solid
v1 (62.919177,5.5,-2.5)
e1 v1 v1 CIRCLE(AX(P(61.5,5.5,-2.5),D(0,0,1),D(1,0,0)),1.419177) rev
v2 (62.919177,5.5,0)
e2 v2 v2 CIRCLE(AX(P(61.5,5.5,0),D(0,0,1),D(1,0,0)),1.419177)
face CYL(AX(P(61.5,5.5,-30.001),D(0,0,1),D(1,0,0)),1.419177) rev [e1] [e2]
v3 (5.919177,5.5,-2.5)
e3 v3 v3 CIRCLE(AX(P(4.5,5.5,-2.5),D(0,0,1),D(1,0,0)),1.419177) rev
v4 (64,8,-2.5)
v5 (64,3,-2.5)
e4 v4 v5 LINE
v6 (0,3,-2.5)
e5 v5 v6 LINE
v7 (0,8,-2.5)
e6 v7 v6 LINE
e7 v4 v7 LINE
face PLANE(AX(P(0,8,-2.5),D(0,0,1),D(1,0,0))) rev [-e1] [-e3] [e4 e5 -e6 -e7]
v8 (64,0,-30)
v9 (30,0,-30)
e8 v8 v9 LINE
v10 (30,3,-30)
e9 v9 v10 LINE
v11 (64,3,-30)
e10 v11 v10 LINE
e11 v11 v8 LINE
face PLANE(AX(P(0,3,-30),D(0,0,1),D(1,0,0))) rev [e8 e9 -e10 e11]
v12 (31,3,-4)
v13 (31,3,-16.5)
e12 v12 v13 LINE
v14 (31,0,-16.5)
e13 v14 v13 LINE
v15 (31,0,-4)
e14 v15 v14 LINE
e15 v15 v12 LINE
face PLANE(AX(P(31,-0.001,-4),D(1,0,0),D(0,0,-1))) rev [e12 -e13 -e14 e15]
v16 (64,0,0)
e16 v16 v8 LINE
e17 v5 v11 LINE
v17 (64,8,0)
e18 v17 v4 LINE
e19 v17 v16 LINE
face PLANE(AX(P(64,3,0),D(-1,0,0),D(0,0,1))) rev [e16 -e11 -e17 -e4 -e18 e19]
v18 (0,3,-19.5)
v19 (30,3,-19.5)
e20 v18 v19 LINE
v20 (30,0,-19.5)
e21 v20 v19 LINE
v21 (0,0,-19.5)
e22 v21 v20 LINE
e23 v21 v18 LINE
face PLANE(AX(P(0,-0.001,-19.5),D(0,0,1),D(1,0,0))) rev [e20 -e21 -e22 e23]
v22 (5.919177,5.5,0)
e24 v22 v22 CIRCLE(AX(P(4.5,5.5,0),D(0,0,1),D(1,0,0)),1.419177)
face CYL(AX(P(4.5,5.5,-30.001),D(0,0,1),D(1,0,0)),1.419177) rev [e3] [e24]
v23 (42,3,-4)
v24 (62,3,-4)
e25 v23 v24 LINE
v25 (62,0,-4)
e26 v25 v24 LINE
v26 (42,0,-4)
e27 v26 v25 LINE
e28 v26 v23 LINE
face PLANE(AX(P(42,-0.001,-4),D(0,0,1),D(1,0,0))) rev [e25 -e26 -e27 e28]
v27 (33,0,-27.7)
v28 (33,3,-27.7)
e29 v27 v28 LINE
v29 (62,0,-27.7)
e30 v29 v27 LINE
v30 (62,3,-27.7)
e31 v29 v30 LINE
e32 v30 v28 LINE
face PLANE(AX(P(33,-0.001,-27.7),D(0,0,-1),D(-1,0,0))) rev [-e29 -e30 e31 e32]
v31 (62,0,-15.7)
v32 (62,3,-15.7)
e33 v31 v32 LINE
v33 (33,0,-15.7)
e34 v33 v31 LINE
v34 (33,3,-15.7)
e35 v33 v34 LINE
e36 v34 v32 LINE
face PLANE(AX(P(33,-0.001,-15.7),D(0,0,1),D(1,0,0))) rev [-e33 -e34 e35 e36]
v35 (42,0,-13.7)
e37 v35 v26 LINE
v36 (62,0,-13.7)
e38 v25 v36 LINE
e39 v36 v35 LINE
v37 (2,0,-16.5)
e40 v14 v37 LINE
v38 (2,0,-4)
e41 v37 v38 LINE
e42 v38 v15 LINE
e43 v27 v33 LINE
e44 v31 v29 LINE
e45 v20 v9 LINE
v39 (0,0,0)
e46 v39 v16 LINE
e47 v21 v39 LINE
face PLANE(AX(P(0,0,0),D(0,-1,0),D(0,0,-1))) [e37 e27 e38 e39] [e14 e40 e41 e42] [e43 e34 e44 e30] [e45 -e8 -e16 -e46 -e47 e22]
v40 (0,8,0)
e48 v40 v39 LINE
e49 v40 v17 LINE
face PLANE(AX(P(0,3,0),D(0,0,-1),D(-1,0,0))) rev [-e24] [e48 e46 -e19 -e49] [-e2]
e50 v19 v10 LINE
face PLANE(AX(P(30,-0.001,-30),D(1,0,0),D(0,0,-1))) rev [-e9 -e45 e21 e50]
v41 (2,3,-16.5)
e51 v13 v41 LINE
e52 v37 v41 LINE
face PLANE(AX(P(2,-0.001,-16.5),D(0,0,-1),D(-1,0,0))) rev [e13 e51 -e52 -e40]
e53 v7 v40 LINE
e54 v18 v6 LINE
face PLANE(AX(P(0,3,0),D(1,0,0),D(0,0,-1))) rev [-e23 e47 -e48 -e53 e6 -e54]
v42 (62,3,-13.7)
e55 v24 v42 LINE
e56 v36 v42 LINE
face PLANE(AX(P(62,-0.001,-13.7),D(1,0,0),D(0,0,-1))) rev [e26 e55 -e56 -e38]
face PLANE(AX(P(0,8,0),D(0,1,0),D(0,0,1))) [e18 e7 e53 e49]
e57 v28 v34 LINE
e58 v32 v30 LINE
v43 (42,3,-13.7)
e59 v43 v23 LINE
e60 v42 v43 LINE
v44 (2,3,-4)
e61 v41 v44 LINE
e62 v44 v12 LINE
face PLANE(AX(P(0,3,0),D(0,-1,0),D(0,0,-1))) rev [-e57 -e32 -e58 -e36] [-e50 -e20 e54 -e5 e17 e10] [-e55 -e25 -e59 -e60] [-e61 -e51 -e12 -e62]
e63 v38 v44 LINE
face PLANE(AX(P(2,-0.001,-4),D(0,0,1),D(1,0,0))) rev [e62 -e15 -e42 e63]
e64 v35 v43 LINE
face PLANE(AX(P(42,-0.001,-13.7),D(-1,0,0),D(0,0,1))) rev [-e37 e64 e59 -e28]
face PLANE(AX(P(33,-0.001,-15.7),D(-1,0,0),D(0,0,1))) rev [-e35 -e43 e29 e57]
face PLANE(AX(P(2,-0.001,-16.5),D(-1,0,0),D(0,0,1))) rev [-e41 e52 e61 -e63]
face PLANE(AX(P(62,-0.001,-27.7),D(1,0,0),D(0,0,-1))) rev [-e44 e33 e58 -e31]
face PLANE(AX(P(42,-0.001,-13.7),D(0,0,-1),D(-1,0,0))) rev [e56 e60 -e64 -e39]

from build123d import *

# Parameters (mm, degrees)
SKETCH1_W           = 64
SKETCH1_H           = 30
BOSS_EXTRUDE1_DEPTH = 3
CUT_EXTRUDE1_REACH  = 72.746
SKETCH2_W           = 29
SKETCH2_H           = 12.5
SKETCH2_H_2         = 12
SKETCH2_W_2         = 20
SKETCH2_H_3         = 9.7
SKETCH2_W_3         = 30
SKETCH2_H_4         = 10.5
SKETCH3_W           = 64
SKETCH3_H           = 2.5
BOSS_EXTRUDE3_DEPTH = 5
CUT_EXTRUDE2_REACH  = 73.134
SKETCH4_R           = 1.419176597


with BuildPart() as part:
    # Sketch1 → Boss-Extrude1 (new body)
    with BuildSketch(Plane(origin=(0, 0, 0), x_dir=(1, 0, 0), z_dir=(0, 1, 0))):
        with Locations((32, 15)):
            Rectangle(SKETCH1_W, SKETCH1_H)
    extrude(amount=BOSS_EXTRUDE1_DEPTH)

    # Sketch2 → Cut-Extrude1 (cut, up to next)
    with BuildSketch(Plane(origin=(0, 3, 0), x_dir=(1, 0, 0), z_dir=(0, 1, 0)), mode=Mode.PRIVATE) as cut_extrude1_sk1:
        with Locations((16.5, 10.25)):
            Rectangle(SKETCH2_W, SKETCH2_H)
    cut_extrude1_tool1 = extrude(cut_extrude1_sk1.sketch, amount=-CUT_EXTRUDE1_REACH, mode=Mode.PRIVATE) & part.part
    # Sketch2 → Cut-Extrude1 (cut, up to next)
    with BuildSketch(Plane(origin=(0, 3, 0), x_dir=(1, 0, 0), z_dir=(0, 1, 0)), mode=Mode.PRIVATE) as cut_extrude1_sk2:
        with Locations((47.5, 21.7)):
            Rectangle(SKETCH2_W, SKETCH2_H_2)
    cut_extrude1_tool2 = extrude(cut_extrude1_sk2.sketch, amount=-CUT_EXTRUDE1_REACH, mode=Mode.PRIVATE) & part.part
    # Sketch2 → Cut-Extrude1 (cut, up to next)
    with BuildSketch(Plane(origin=(0, 3, 0), x_dir=(1, 0, 0), z_dir=(0, 1, 0)), mode=Mode.PRIVATE) as cut_extrude1_sk3:
        with Locations((52, 8.85)):
            Rectangle(SKETCH2_W_2, SKETCH2_H_3)
    cut_extrude1_tool3 = extrude(cut_extrude1_sk3.sketch, amount=-CUT_EXTRUDE1_REACH, mode=Mode.PRIVATE) & part.part
    # Sketch2 → Cut-Extrude1 (cut, up to next)
    with BuildSketch(Plane(origin=(0, 3, 0), x_dir=(1, 0, 0), z_dir=(0, 1, 0)), mode=Mode.PRIVATE) as cut_extrude1_sk4:
        with Locations((15, 24.75)):
            Rectangle(SKETCH2_W_3, SKETCH2_H_4)
    cut_extrude1_tool4 = extrude(cut_extrude1_sk4.sketch, amount=-CUT_EXTRUDE1_REACH, mode=Mode.PRIVATE) & part.part
    add(cut_extrude1_tool1.solids().sort_by_distance((16.5, 3, -10.25))[0], mode=Mode.SUBTRACT)
    add(cut_extrude1_tool2.solids().sort_by_distance((47.5, 3, -21.7))[0], mode=Mode.SUBTRACT)
    add(cut_extrude1_tool3.solids().sort_by_distance((52, 3, -8.85))[0], mode=Mode.SUBTRACT)
    add(cut_extrude1_tool4.solids().sort_by_distance((15, 3, -24.75))[0], mode=Mode.SUBTRACT)

    # Sketch3 → Boss-Extrude3 (add)
    with BuildSketch(Plane(origin=(0, 3, 0), x_dir=(1, 0, 0), z_dir=(0, 1, 0))):
        with Locations((32, 1.25)):
            Rectangle(SKETCH3_W, SKETCH3_H)
    extrude(amount=BOSS_EXTRUDE3_DEPTH)

    # Sketch4 → Cut-Extrude2 (cut, up to next)
    with BuildSketch(Plane.XY, mode=Mode.PRIVATE) as cut_extrude2_sk1:
        with Locations((61.5, 5.5)):
            Circle(SKETCH4_R)
    cut_extrude2_tool1 = extrude(cut_extrude2_sk1.sketch, amount=-CUT_EXTRUDE2_REACH, mode=Mode.PRIVATE) & part.part
    # Sketch4 → Cut-Extrude2 (cut, up to next)
    with BuildSketch(Plane.XY, mode=Mode.PRIVATE) as cut_extrude2_sk2:
        with Locations((4.5, 5.5)):
            Circle(SKETCH4_R)
    cut_extrude2_tool2 = extrude(cut_extrude2_sk2.sketch, amount=-CUT_EXTRUDE2_REACH, mode=Mode.PRIVATE) & part.part
    add(cut_extrude2_tool1.solids().sort_by_distance((61.5, 5.5, 0))[0], mode=Mode.SUBTRACT)
    add(cut_extrude2_tool2.solids().sort_by_distance((4.5, 5.5, 0))[0], mode=Mode.SUBTRACT)


solid = part.part
